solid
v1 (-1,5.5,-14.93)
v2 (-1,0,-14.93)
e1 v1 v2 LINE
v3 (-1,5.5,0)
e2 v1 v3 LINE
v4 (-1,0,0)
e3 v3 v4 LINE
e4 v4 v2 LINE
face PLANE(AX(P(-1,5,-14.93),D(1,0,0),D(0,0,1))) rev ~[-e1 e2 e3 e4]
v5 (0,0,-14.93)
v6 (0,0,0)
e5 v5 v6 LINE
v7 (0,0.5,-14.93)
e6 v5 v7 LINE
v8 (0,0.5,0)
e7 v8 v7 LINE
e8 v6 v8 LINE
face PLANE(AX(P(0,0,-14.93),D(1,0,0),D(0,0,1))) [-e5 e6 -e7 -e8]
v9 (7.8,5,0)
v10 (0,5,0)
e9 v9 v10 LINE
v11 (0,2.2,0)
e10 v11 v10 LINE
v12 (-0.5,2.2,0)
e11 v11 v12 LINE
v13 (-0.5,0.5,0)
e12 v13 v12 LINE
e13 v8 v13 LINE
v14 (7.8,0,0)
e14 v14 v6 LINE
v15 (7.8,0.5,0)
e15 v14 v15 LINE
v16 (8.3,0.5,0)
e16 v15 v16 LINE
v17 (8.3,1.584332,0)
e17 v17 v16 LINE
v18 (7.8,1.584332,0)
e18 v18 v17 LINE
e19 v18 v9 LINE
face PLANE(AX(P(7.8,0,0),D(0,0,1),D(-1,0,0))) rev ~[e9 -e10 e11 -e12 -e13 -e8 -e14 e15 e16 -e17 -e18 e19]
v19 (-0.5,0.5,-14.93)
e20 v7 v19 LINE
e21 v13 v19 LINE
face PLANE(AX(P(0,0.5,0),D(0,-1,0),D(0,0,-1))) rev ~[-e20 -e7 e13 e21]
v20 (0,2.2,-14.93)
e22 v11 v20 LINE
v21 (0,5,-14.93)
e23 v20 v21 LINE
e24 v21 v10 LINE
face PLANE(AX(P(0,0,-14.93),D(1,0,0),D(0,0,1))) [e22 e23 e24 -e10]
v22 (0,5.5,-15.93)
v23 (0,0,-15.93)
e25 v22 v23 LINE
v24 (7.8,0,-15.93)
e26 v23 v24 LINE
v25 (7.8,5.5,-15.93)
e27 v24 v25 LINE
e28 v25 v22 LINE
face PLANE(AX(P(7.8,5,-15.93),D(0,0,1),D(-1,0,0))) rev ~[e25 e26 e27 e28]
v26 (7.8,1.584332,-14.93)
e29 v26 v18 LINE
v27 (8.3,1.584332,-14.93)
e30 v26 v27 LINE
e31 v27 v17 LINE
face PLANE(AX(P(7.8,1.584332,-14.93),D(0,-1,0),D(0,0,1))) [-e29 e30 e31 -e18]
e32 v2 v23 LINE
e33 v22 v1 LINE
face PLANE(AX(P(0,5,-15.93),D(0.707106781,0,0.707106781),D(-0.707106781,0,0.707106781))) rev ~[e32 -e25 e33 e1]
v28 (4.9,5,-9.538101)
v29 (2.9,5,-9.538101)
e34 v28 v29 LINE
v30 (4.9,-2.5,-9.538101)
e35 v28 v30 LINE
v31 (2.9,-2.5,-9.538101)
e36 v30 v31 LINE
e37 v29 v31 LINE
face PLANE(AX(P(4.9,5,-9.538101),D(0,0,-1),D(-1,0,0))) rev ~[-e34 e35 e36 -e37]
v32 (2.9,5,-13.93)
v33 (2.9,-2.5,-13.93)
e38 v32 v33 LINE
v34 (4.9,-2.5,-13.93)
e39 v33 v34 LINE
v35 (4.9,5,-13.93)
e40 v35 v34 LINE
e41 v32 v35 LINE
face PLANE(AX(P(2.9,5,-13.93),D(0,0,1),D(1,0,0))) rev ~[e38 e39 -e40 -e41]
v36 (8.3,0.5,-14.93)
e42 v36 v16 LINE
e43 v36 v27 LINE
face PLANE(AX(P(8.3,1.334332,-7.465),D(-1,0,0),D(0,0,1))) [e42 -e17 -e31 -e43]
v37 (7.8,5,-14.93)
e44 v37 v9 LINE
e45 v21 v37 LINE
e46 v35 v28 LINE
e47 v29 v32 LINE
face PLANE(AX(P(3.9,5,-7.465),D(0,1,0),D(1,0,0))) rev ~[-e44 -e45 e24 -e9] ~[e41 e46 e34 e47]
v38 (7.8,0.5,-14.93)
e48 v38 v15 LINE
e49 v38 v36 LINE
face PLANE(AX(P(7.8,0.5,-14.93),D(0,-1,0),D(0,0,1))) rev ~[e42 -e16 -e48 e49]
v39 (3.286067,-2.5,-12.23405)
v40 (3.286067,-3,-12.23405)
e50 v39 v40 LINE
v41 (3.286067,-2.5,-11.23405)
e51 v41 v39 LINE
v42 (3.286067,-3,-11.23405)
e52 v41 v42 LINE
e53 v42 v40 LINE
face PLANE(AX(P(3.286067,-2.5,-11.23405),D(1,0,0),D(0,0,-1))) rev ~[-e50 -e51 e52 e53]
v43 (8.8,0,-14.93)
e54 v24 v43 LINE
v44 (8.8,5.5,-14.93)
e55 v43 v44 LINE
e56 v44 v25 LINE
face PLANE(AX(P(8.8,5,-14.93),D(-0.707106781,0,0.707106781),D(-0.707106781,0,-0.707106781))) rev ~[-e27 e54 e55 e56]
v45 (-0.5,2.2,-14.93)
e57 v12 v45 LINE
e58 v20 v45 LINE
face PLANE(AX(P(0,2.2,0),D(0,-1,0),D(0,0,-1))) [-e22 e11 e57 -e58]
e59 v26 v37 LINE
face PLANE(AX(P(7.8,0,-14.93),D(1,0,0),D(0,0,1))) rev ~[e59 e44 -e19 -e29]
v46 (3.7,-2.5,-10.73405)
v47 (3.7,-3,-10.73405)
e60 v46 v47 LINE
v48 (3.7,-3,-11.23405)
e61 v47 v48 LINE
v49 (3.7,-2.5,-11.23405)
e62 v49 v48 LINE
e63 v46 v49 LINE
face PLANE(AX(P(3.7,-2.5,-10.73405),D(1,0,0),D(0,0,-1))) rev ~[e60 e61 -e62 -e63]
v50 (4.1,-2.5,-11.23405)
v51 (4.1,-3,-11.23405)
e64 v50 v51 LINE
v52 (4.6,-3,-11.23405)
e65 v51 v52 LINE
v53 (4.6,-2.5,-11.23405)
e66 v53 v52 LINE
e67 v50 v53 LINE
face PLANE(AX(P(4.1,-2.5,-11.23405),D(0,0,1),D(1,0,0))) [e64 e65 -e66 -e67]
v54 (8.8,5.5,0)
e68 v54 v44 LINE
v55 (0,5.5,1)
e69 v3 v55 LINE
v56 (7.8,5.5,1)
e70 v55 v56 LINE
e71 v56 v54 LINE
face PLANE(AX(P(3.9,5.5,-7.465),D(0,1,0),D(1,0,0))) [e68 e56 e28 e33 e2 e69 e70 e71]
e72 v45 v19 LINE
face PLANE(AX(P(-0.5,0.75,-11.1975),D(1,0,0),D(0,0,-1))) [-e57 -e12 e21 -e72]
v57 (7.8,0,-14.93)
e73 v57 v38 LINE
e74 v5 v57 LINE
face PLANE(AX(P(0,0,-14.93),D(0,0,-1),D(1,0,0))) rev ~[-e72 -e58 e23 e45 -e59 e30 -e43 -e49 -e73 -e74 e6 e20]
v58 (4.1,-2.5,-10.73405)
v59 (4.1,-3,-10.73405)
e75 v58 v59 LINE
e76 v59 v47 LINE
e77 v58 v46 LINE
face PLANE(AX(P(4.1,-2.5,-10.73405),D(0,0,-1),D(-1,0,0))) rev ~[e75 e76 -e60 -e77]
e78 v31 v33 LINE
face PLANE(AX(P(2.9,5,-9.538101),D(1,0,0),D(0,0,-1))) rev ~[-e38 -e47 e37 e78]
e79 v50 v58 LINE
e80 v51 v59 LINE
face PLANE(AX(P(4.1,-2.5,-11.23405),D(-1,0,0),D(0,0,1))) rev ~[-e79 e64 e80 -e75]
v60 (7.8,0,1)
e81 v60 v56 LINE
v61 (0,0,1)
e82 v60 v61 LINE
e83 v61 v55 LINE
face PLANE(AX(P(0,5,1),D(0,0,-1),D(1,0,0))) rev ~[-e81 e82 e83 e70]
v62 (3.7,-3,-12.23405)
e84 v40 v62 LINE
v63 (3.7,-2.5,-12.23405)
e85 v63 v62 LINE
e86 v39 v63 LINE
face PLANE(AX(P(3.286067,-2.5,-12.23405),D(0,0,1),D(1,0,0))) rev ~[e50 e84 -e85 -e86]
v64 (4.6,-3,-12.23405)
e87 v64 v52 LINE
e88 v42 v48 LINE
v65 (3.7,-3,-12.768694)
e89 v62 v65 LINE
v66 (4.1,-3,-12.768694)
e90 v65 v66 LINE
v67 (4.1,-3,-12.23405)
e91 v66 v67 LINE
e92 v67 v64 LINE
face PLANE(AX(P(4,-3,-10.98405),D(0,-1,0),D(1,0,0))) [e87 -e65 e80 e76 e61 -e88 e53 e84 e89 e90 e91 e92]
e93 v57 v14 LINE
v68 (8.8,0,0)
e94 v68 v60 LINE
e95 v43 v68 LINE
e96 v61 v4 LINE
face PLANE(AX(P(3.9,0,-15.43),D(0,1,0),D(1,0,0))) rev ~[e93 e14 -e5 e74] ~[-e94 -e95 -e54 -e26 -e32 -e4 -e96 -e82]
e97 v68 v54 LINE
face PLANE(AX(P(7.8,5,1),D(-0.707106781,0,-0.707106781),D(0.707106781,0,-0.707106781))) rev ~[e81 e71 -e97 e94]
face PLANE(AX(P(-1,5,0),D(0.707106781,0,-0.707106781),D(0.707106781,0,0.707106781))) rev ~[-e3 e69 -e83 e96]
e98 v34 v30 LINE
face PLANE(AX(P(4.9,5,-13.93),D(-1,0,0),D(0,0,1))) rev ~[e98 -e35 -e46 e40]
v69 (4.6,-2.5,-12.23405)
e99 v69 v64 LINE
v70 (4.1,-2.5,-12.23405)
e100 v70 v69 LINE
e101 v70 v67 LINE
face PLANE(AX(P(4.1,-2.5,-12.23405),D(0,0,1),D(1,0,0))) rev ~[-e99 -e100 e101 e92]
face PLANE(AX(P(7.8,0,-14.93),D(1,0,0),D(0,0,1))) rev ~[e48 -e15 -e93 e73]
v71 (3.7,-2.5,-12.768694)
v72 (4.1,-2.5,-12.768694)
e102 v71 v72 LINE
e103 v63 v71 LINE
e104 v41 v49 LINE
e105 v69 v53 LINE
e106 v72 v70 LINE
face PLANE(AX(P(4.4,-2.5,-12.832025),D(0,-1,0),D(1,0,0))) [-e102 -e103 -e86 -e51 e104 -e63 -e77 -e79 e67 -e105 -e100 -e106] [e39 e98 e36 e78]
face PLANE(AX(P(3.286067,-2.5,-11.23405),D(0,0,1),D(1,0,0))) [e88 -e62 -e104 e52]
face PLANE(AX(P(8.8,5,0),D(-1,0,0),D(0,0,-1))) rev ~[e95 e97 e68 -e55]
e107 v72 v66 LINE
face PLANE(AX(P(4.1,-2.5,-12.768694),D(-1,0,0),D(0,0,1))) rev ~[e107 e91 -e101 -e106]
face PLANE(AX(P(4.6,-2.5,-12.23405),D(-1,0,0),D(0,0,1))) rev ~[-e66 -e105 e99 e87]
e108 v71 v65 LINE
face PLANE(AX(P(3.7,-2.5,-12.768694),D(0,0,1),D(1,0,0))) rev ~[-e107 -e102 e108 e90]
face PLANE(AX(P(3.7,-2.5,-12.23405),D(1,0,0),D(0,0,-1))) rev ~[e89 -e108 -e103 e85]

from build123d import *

# Parameters (mm, degrees)
SKETCH1_W           = 7.8
SKETCH1_H           = 1
BOSS_EXTRUDE1_DEPTH = 5
SKETCH2_W           = 7.465
SKETCH2_H           = 0.5
CUT_EXTRUDE1_DEPTH  = 0.5
SKETCH3_W           = 14.93
SKETCH3_H           = 0.5
CUT_EXTRUDE2_DEPTH  = 0.5
BOSS_EXTRUDE2_DEPTH = 0.5
SKETCH5_W           = 1
SKETCH5_H           = 2.195949596
BOSS_EXTRUDE3_DEPTH = 7.5
SKETCH6_W           = 0.2
SKETCH6_H           = 0.5
SKETCH6_W_2         = 0.5
SKETCH6_W_3         = 0.413933432
BOSS_EXTRUDE4_DEPTH = 0.5
SKETCH8_W           = 14.93
SKETCH8_H           = 0.5
CUT_EXTRUDE3_DEPTH  = 0.5
SKETCH9_W           = 14.93
SKETCH9_H           = 0.084331677
CUT_EXTRUDE4_DEPTH  = 0.5
SKETCH12_W          = 14.93
SKETCH12_H          = 1.2
CUT_EXTRUDE5_DEPTH  = 0.5


with BuildPart() as part:
    # Sketch1 → Boss-Extrude1 (new body)
    with BuildSketch(Plane(origin=(0, 0, 0), x_dir=(1, 0, 0), z_dir=(0, 1, 0))):
        with Locations((3.9, 15.43)):
            Rectangle(SKETCH1_W, SKETCH1_H)
        Polygon((7.8, 15.93), (8.8, 14.93), (7.8, 14.93), align=None)
        Polygon((7.8, -1), (7.8, 0), (7.8, 14.93), (8.8, 14.93), (8.8, 0), align=None)
        Polygon((-1, 0), (0, 0), (7.8, 0), (7.8, -1), (0, -1), align=None)
        Polygon((0, 15.93), (0, 14.93), (0, 0), (-1, 0), (-1, 14.93), align=None)
    extrude(amount=BOSS_EXTRUDE1_DEPTH)

    # Sketch2 → Cut-Extrude1 (cut)
    with BuildSketch(Plane(origin=(0, 0, 0), x_dir=(0, 0, -1), z_dir=(1, 0, 0))):
        with Locations((11.1975, 0.75)):
            Rectangle(SKETCH2_W, SKETCH2_H)
        with Locations((3.7325, 0.75)):
            Rectangle(SKETCH2_W, SKETCH2_H)
    extrude(amount=-CUT_EXTRUDE1_DEPTH, mode=Mode.SUBTRACT)

    # Sketch3 → Cut-Extrude2 (cut)
    with BuildSketch(Plane.ZY.offset(-7.8)):
        with Locations((-7.465, 0.75)):
            Rectangle(SKETCH3_W, SKETCH3_H)
    extrude(amount=-CUT_EXTRUDE2_DEPTH, mode=Mode.SUBTRACT)

    # Sketch4 → Boss-Extrude2 (add)
    with BuildSketch(Plane(origin=(0, 5, 0), x_dir=(1, 0, 0), z_dir=(0, 1, 0))):
        Polygon((-1, 0), (0, -1), (7.8, -1), (8.8, 0), (8.8, 14.93), (7.8, 15.93), (0, 15.93), (-1, 14.93), align=None)
    extrude(amount=BOSS_EXTRUDE2_DEPTH)

    # Sketch5 → Boss-Extrude3 (add)
    with BuildSketch(Plane.XZ.offset(-5)):
        with Locations((4.4, -12.832025202)):
            Rectangle(SKETCH5_W, SKETCH5_H)
        with Locations((3.4, -12.832025202)):
            Rectangle(SKETCH5_W, SKETCH5_H)
        with Locations((3.4, -10.636075606)):
            Rectangle(SKETCH5_W, SKETCH5_H)
        with Locations((4.4, -10.636075606)):
            Rectangle(SKETCH5_W, SKETCH5_H)
    extrude(amount=BOSS_EXTRUDE3_DEPTH)

    # Sketch6 → Boss-Extrude4 (add)
    with BuildSketch(Plane.XZ.offset(2.5)):
        with Locations((4, -10.984050404)):
            Rectangle(SKETCH6_W, SKETCH6_H)
        with Locations((3.8, -10.984050404)):
            Rectangle(SKETCH6_W, SKETCH6_H)
        with Locations((3.8, -11.484050404)):
            Rectangle(SKETCH6_W, SKETCH6_H)
        with Locations((4, -11.484050404)):
            Rectangle(SKETCH6_W, SKETCH6_H)
        with Locations((4.35, -11.484050404)):
            Rectangle(SKETCH6_W_2, SKETCH6_H)
        with Locations((4.35, -11.984050404)):
            Rectangle(SKETCH6_W_2, SKETCH6_H)
        Polygon((3.9, -11.734050404), (3.7, -11.734050404), (3.7, -12.234050404), (3.986066568, -12.234050404), (4.1, -12.234050404), (4.1, -11.734050404), align=None)
        with Locations((3.493033284, -11.484050404)):
            Rectangle(SKETCH6_W_3, SKETCH6_H)
        with Locations((3.493033284, -11.984050404)):
            Rectangle(SKETCH6_W_3, SKETCH6_H)
        Polygon((3.986066568, -12.234050404), (3.7, -12.234050404), (3.7, -12.768693535), (4.1, -12.768693535), (4.1, -12.234050404), align=None)
    extrude(amount=BOSS_EXTRUDE4_DEPTH)

    # Sketch8 → Cut-Extrude3 (cut)
    with BuildSketch(Plane.ZY.offset(-7.8)):
        with Locations((-7.465, 1.334331677)):
            Rectangle(SKETCH8_W, SKETCH8_H)
    extrude(amount=-CUT_EXTRUDE3_DEPTH, mode=Mode.SUBTRACT)

    # Sketch9 → Cut-Extrude4 (cut)
    with BuildSketch(Plane.ZY.offset(-7.8)):
        with Locations((-7.465, 1.042165838)):
            Rectangle(SKETCH9_W, SKETCH9_H)
    extrude(amount=-CUT_EXTRUDE4_DEPTH, mode=Mode.SUBTRACT)

    # Sketch12 → Cut-Extrude5 (cut)
    with BuildSketch(Plane(origin=(0, 0, 0), x_dir=(0, 0, -1), z_dir=(1, 0, 0))):
        with Locations((7.465, 1.6)):
            Rectangle(SKETCH12_W, SKETCH12_H)
    extrude(amount=-CUT_EXTRUDE5_DEPTH, mode=Mode.SUBTRACT)


solid = part.part
